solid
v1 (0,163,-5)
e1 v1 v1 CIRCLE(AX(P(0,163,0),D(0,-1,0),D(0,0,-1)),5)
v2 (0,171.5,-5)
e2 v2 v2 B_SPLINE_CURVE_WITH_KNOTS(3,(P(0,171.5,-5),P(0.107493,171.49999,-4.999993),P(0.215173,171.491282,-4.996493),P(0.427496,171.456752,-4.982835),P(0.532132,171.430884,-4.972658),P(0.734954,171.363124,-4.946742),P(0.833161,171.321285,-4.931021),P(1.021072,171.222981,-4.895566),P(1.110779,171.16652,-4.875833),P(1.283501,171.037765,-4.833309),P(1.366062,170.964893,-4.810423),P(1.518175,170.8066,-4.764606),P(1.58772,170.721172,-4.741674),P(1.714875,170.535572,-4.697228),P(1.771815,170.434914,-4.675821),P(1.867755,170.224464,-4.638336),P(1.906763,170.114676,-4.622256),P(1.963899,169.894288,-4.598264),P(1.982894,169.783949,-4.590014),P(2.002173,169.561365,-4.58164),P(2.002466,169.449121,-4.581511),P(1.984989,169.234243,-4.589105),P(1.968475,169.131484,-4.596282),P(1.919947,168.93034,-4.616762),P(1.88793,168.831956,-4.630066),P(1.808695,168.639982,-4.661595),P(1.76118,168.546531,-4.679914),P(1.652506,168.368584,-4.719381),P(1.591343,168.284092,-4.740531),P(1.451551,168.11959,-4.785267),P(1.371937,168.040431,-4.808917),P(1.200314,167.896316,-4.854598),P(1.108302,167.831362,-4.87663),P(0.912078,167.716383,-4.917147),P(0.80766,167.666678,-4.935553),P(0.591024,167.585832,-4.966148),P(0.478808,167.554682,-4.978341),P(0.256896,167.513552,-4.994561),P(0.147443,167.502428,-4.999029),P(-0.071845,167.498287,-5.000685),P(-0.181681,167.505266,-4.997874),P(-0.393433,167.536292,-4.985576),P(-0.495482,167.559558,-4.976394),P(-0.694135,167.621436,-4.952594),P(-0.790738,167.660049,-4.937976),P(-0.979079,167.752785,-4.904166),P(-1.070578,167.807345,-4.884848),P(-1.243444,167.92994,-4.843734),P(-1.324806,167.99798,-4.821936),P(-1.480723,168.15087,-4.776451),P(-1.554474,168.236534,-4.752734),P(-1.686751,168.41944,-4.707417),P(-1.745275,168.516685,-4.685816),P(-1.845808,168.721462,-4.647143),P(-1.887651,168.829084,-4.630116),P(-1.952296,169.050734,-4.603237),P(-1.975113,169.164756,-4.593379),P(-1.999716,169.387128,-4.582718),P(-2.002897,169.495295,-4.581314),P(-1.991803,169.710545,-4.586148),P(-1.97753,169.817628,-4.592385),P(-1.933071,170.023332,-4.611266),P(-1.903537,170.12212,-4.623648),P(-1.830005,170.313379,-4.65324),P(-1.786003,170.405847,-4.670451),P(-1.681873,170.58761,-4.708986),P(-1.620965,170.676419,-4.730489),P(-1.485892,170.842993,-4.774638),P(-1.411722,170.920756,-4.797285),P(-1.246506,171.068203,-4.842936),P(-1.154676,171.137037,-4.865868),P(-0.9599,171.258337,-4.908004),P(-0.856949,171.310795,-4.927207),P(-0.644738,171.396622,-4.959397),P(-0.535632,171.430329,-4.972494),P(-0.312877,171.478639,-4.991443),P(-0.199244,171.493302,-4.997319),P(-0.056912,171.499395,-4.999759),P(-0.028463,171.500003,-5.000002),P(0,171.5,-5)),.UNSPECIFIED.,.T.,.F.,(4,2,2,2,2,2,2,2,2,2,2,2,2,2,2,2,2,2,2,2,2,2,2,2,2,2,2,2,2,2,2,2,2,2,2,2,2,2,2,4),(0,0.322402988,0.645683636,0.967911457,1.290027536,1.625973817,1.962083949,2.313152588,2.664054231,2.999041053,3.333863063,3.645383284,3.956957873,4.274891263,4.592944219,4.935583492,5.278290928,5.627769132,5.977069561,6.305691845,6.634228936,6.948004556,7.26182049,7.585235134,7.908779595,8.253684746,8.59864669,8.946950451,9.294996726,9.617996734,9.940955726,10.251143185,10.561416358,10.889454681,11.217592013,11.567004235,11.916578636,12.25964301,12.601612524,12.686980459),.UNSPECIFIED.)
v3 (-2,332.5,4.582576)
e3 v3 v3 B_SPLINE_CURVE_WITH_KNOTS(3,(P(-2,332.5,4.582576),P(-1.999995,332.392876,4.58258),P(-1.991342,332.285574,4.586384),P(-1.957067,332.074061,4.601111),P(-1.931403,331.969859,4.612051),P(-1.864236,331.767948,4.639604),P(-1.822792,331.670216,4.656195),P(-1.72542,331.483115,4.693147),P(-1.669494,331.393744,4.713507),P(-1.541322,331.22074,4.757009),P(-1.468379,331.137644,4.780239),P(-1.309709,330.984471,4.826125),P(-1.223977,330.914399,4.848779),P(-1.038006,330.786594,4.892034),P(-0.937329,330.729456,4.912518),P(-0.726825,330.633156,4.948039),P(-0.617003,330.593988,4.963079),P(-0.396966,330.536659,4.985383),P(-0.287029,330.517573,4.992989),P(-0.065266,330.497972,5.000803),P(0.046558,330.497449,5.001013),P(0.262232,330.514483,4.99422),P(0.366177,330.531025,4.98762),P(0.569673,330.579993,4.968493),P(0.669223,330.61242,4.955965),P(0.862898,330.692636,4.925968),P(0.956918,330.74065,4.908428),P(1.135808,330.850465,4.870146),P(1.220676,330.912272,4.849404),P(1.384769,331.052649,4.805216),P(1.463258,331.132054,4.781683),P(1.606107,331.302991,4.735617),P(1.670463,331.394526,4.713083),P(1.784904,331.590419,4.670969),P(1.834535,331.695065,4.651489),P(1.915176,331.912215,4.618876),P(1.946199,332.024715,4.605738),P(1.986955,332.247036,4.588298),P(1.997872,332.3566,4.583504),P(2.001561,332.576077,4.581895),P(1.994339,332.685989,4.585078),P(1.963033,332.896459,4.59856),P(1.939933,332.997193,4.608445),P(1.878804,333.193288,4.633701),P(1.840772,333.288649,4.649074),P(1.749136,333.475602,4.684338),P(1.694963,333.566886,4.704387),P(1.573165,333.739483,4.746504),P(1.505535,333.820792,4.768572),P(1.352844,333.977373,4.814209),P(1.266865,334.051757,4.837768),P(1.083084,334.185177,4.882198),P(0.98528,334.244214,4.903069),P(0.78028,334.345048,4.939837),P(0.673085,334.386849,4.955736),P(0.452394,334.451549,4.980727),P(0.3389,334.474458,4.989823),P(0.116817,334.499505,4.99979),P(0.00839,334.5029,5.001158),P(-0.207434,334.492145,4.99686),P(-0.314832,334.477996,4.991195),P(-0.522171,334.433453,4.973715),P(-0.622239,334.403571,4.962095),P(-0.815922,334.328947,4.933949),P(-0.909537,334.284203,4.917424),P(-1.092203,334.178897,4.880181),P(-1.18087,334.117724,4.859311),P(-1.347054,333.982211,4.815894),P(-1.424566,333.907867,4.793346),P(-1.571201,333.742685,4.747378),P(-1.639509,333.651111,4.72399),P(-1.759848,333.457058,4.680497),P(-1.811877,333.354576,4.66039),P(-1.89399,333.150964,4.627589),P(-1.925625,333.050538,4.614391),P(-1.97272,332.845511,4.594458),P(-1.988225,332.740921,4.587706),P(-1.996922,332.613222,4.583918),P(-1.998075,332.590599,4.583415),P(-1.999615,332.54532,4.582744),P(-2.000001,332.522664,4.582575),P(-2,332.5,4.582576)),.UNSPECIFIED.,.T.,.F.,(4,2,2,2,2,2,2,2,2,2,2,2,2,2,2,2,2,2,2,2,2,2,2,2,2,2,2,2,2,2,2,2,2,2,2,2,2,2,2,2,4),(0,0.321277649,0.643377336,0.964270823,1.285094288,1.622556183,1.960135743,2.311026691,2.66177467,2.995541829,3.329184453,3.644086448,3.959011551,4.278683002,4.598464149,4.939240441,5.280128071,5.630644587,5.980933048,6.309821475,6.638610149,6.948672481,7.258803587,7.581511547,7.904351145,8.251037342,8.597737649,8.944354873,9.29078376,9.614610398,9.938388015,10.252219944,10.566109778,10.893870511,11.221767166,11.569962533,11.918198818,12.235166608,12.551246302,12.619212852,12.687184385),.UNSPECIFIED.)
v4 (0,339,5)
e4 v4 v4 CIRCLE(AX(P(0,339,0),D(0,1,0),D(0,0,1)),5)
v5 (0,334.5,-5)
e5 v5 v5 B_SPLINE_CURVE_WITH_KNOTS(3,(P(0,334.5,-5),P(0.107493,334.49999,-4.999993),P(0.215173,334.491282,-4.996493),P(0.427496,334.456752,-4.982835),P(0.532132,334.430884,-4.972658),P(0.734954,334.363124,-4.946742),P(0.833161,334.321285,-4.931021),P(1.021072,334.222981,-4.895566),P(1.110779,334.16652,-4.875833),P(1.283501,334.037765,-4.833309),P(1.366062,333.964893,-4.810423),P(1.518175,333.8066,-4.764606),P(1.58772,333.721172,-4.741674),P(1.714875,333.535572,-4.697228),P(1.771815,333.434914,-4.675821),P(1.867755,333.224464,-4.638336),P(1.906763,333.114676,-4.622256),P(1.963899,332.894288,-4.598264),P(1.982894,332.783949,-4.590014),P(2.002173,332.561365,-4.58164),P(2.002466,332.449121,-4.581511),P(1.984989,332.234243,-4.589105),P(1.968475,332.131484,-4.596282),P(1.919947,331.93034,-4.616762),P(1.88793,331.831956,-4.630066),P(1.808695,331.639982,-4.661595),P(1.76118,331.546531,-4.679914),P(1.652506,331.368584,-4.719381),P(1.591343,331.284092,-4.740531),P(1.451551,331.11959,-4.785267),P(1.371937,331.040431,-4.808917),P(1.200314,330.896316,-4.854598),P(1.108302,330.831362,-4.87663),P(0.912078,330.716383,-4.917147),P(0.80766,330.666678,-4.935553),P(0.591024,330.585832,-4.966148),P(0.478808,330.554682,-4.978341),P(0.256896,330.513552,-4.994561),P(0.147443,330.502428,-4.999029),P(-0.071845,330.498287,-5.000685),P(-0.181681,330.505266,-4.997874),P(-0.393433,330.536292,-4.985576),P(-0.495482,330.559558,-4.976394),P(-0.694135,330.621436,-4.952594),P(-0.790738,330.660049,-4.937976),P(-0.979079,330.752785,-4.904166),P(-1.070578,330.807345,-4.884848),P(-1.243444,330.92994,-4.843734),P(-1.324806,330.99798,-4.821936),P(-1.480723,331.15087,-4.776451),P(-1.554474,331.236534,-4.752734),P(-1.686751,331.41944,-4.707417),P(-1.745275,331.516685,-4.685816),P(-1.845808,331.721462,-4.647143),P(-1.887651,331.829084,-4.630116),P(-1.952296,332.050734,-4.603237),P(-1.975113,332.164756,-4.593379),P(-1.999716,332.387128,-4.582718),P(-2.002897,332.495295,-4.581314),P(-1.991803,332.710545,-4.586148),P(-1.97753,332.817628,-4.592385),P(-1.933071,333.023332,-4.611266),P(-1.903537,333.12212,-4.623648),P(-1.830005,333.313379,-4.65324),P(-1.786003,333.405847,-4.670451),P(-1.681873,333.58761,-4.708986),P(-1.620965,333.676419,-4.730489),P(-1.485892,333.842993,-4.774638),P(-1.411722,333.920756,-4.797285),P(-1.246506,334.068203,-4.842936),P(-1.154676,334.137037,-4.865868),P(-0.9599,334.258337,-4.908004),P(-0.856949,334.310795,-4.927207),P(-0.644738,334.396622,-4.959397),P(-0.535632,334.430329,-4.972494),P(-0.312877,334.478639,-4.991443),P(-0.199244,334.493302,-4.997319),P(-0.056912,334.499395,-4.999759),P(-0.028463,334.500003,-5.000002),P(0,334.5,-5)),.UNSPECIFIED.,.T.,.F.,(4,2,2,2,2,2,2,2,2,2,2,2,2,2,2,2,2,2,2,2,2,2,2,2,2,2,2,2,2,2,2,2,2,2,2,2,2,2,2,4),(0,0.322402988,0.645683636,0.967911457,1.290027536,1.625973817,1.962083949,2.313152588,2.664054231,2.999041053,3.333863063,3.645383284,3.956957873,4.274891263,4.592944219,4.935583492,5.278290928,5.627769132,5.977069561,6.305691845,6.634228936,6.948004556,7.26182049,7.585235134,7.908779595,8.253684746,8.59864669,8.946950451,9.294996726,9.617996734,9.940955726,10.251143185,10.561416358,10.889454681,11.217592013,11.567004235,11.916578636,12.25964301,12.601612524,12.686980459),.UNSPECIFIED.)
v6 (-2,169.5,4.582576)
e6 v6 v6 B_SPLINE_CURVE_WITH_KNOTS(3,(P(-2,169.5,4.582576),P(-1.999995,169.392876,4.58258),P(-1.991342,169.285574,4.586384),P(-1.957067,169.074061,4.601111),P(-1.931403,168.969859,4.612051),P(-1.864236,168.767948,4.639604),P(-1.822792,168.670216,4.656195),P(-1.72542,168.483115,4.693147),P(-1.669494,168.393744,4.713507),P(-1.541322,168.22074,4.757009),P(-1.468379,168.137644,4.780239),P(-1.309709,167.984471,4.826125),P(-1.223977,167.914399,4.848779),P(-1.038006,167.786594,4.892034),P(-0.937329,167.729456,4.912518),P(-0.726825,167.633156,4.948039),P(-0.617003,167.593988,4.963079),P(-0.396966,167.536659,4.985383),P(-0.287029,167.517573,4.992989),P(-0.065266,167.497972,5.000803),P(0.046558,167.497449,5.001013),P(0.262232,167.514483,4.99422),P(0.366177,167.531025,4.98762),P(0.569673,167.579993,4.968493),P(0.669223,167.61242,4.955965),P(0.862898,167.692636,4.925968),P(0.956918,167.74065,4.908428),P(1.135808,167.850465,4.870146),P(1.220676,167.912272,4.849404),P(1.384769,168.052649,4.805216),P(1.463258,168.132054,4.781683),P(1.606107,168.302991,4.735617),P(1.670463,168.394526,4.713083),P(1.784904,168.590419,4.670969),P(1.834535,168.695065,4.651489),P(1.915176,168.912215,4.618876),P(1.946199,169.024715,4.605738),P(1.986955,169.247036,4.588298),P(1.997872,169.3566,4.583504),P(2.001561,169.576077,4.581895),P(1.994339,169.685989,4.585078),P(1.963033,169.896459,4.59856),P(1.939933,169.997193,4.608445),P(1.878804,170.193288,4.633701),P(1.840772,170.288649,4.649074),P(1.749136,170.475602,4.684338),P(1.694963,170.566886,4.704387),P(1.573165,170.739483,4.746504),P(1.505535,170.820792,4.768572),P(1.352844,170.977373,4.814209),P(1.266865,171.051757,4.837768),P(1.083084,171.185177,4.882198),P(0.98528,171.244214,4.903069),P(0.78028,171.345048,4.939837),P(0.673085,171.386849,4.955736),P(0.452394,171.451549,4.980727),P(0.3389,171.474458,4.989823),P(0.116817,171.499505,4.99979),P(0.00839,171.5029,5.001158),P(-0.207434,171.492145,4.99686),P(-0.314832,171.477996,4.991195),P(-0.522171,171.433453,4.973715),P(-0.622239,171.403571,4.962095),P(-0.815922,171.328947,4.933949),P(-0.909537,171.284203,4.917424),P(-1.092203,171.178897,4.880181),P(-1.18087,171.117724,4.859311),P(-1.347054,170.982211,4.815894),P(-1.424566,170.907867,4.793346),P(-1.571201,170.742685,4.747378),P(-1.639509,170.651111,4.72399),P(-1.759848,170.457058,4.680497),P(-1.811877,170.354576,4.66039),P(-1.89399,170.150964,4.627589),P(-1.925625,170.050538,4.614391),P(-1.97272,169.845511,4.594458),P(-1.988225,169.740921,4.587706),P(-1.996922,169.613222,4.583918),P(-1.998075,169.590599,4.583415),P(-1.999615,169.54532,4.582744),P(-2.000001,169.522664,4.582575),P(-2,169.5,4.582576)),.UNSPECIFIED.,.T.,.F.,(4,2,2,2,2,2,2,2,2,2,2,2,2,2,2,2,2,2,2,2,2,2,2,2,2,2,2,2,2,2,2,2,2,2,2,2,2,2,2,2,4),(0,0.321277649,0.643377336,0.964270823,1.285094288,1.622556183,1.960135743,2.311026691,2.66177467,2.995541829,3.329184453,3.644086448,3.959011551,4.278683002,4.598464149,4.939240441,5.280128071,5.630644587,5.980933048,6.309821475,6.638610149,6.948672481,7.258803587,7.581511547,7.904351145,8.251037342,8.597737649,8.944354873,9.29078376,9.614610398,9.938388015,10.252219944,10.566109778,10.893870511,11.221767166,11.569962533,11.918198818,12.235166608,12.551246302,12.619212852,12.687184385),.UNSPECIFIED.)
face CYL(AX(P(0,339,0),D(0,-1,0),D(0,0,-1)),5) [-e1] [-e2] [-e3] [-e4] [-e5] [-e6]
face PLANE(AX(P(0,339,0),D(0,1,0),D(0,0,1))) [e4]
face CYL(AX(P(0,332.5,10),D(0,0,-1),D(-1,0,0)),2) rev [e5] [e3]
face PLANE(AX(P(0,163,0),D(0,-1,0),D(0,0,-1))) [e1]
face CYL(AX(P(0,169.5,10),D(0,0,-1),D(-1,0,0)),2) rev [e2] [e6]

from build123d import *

# Parameters (mm, degrees)
CROQUIS1_R                 = 5
SALIENTE_EXTRUIR1_DEPTH    = 339
CROQUIS8_R                 = 6.285812581
CORTAR_EXTRUIR5_DEPTH      = 163
CORTAR_EXTRUIR6_DEPTH      = 10
CORTAR_EXTRUIR6_DEPTH_BACK = 10
CROQUIS9_R                 = 2
CORTAR_EXTRUIR7_DEPTH      = 10
CORTAR_EXTRUIR7_DEPTH_BACK = 10
CROQUIS10_R                = 2


with BuildPart() as part:
    # Croquis1 → Saliente-Extruir1 (new body)
    with BuildSketch(Plane(origin=(0, 0, 0), x_dir=(1, 0, 0), z_dir=(0, 1, 0))):
        Circle(CROQUIS1_R)
    extrude(amount=SALIENTE_EXTRUIR1_DEPTH)

    # Croquis8 → Cortar-Extruir5 (cut)
    with BuildSketch(Plane.XZ):
        Circle(CROQUIS8_R)
    extrude(amount=-CORTAR_EXTRUIR5_DEPTH, mode=Mode.SUBTRACT)

    # Croquis9 → Cortar-Extruir6 (cut, two sides: drawn at the far end of the back side and taken through both)
    with BuildSketch(Plane.XY.offset(-CORTAR_EXTRUIR6_DEPTH_BACK)):
        with Locations((0, 332.5)):
            Circle(CROQUIS9_R)
    extrude(amount=CORTAR_EXTRUIR6_DEPTH + CORTAR_EXTRUIR6_DEPTH_BACK, mode=Mode.SUBTRACT)

    # Croquis10 → Cortar-Extruir7 (cut, two sides: drawn at the far end of the back side and taken through both)
    with BuildSketch(Plane.XY.offset(-CORTAR_EXTRUIR7_DEPTH_BACK)):
        with Locations((0, 169.5)):
            Circle(CROQUIS10_R)
    extrude(amount=CORTAR_EXTRUIR7_DEPTH + CORTAR_EXTRUIR7_DEPTH_BACK, mode=Mode.SUBTRACT)


solid = part.part
